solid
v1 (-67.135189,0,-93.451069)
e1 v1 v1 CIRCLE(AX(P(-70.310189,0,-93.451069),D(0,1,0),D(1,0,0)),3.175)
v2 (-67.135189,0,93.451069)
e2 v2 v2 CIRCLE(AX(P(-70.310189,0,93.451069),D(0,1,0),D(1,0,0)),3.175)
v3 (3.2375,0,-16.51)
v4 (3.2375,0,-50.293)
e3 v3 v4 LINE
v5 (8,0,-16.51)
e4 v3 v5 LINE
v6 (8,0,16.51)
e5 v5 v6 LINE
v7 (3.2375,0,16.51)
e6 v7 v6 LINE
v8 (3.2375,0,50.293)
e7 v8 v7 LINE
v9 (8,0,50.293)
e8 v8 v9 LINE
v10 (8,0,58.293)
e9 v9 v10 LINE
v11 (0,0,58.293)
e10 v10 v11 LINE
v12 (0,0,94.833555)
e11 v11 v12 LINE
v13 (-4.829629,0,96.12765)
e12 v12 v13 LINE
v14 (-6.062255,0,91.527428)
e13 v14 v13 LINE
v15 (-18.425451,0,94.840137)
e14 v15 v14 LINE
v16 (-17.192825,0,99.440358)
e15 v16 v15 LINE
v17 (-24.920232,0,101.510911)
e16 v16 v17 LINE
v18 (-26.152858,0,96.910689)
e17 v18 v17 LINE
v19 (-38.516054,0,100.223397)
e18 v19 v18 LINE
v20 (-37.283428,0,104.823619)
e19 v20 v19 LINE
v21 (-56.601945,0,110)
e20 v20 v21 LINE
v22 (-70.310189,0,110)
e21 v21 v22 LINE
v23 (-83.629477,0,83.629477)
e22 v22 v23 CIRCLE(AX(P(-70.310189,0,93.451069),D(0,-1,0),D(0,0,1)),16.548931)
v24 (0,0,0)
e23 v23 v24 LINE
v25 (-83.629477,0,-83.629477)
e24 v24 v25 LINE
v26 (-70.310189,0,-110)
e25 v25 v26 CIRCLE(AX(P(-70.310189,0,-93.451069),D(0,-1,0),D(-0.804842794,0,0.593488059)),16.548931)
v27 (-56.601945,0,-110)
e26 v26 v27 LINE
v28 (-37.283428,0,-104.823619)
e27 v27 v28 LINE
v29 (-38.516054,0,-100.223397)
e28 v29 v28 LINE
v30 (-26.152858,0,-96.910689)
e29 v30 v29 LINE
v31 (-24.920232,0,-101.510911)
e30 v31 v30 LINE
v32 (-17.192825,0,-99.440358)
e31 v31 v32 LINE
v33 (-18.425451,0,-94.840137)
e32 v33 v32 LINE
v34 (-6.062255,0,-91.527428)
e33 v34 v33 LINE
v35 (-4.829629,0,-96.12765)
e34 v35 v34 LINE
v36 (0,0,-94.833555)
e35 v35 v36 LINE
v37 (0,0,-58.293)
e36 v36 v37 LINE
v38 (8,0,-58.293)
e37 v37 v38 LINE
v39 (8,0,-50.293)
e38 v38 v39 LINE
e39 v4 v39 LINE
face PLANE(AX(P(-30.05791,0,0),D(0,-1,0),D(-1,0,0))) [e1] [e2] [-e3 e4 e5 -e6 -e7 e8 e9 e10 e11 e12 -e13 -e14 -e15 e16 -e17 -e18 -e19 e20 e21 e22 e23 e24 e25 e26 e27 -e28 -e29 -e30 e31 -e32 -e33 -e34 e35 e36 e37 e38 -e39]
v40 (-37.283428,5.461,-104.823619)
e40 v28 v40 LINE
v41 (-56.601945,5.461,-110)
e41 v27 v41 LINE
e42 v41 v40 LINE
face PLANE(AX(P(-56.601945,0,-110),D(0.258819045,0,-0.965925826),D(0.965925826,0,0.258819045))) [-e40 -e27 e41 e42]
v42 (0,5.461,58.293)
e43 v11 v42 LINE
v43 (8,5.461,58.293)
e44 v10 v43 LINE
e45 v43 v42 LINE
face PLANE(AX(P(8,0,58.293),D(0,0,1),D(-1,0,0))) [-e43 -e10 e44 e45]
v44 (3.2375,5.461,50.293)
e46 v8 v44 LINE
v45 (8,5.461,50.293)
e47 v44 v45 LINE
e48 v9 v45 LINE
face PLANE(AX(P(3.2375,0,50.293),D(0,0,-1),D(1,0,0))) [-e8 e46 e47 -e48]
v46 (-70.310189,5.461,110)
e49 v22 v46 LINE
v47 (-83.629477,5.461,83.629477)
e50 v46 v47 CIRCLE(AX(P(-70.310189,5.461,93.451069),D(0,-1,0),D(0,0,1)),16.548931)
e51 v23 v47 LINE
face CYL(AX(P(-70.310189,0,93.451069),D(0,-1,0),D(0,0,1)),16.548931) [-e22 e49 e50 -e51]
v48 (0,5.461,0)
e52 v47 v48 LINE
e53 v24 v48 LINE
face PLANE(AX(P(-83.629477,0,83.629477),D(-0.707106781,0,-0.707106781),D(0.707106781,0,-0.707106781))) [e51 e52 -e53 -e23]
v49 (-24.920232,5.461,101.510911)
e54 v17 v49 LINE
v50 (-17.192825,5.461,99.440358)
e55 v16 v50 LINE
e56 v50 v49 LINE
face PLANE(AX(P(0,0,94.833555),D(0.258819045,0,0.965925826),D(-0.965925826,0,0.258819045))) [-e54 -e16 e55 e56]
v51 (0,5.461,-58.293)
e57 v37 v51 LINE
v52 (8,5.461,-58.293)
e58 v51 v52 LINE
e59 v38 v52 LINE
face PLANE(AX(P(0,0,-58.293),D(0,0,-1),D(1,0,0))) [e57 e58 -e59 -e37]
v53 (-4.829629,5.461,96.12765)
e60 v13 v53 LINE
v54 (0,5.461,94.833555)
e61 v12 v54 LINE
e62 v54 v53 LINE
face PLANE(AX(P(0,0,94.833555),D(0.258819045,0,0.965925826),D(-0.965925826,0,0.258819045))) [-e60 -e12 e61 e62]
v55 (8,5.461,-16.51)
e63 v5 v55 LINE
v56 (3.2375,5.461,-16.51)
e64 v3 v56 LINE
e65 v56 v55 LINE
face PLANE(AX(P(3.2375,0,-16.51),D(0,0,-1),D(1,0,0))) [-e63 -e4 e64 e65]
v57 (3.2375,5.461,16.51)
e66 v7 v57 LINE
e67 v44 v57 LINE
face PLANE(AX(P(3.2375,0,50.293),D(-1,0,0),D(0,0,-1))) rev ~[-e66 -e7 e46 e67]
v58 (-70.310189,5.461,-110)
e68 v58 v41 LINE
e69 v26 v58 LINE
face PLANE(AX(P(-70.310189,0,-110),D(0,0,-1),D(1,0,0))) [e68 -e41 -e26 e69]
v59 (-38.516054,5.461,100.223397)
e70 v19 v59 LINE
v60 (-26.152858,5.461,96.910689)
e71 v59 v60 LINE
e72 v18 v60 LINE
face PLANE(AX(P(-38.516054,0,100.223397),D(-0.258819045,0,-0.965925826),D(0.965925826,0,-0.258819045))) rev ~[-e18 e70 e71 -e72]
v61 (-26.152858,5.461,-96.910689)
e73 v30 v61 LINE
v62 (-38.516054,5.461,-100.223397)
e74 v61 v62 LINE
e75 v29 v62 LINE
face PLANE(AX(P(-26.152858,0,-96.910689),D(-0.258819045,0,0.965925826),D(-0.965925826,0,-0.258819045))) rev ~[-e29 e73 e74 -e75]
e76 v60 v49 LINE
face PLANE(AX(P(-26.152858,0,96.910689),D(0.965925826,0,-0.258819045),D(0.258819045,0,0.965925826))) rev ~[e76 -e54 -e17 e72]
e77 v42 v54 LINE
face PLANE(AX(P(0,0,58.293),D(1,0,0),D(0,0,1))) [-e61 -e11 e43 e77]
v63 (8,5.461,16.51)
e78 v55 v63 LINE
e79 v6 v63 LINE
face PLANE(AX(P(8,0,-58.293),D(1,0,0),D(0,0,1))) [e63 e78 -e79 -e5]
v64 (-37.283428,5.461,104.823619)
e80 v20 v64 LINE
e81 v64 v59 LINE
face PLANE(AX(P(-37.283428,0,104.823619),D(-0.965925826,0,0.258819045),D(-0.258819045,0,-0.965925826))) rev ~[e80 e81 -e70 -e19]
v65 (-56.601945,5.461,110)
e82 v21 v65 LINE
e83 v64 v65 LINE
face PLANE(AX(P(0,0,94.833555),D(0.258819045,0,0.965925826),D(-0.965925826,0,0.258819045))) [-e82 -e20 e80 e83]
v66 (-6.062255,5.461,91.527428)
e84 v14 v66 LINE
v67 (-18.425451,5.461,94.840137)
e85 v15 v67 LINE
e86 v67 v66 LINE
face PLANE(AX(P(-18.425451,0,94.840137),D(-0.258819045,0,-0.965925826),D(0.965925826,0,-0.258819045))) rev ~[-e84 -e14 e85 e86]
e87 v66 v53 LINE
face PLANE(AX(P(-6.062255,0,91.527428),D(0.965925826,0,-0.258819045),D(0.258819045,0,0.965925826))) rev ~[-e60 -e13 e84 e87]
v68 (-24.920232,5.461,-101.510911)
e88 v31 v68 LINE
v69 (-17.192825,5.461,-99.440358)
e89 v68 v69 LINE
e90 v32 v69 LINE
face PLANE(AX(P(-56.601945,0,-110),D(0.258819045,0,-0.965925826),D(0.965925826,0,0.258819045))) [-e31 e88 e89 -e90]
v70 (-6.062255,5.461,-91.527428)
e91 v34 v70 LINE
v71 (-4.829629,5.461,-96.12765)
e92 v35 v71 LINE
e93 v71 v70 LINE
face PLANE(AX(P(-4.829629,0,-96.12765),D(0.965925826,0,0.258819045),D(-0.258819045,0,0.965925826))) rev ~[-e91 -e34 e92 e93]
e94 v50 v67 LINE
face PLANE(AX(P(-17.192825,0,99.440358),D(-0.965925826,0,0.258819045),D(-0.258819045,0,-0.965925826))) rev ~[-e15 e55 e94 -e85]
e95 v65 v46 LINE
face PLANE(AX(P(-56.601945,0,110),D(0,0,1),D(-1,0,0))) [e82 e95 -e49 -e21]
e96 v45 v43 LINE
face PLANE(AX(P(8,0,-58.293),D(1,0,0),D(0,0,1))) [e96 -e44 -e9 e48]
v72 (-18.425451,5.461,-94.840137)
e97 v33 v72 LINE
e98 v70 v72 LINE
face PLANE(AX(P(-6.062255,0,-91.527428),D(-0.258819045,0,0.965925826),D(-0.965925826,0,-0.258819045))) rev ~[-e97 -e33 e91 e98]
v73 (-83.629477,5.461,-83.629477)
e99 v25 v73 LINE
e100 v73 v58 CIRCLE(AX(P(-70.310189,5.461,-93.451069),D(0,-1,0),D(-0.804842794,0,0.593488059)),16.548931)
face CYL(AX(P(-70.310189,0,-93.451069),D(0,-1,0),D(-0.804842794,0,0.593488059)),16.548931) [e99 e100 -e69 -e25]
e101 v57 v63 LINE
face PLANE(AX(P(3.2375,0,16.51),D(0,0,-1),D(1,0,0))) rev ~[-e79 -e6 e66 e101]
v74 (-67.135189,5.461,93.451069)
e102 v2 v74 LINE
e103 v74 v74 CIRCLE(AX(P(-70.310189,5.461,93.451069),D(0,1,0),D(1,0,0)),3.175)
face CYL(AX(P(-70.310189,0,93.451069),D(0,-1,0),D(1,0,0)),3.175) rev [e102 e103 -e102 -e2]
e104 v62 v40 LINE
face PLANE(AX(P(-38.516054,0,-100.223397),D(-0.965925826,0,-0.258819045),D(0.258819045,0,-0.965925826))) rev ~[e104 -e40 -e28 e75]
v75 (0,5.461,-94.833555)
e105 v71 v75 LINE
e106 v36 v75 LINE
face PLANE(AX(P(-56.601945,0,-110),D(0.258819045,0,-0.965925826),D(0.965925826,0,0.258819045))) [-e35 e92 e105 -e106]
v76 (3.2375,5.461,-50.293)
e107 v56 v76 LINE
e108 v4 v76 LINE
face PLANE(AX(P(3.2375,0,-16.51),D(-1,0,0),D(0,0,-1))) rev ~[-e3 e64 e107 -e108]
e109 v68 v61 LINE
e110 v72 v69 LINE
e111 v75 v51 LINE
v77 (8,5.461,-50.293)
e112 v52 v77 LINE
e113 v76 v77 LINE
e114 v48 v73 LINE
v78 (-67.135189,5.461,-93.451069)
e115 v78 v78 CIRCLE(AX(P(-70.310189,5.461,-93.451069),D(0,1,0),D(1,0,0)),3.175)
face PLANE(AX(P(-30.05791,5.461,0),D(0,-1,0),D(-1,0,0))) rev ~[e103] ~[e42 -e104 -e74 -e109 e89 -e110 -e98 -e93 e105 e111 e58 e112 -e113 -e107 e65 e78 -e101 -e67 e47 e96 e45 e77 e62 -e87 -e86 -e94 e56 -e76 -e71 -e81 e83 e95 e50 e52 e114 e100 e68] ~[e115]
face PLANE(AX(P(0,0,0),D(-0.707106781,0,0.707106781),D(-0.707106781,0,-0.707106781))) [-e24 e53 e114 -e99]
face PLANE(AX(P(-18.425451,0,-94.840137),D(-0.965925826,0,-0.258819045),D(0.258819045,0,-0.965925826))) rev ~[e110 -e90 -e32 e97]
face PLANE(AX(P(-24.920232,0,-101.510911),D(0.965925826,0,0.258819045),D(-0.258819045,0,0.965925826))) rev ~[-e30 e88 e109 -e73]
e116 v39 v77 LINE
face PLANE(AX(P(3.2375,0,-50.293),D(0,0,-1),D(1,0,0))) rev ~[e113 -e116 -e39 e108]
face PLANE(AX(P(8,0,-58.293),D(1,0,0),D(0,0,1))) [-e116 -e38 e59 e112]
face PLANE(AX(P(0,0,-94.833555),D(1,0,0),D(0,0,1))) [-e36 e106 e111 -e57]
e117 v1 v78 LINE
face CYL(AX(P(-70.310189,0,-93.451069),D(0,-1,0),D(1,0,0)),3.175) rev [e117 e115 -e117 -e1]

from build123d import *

# Parameters (mm, degrees)
SKETCH1_R           = 3.175
BOSS_EXTRUDE1_DEPTH = 5.461
SKETCH3_W           = 4.7625
SKETCH3_H           = 33.783
CUT_EXTRUDE2_DEPTH  = 10


with BuildPart() as part:
    # Sketch1 → Boss-Extrude1 (new body)
    with BuildSketch(Plane(origin=(0, 0, 0), x_dir=(1, 0, 0), z_dir=(0, 1, 0))):
        with BuildLine():
            Line((0, 0), (-83.629476528, 83.629476528))
            ThreePointArc((-83.629476528, 83.629476528), (-85.081850373, 100.91197572), (-70.310188895, 110))
            Line((-70.310188895, 110), (-56.601944845, 110))
            Line((-56.601944845, 110), (0, 94.833554589))
            Line((0, 94.833554589), (0, 58.293))
            Line((0, 58.293), (8, 58.293))
            Line((8, 58.293), (8, -58.293))
            Line((8, -58.293), (0, -58.293))
            Line((0, -58.293), (0, -94.833554589))
            Line((0, -94.833554589), (-56.601944845, -110))
            Line((-56.601944845, -110), (-70.310188895, -110))
            ThreePointArc((-70.310188895, -110), (-85.081850373, -100.91197572), (-83.629476528, -83.629476528))
            Line((-83.629476528, -83.629476528), (0, 0))
        make_face()
        with Locations((-70.310188895, 93.451069294)):
            Circle(SKETCH1_R, mode=Mode.SUBTRACT)
        with Locations((-70.310188895, -93.451069294)):
            Circle(SKETCH1_R, mode=Mode.SUBTRACT)
    extrude(amount=BOSS_EXTRUDE1_DEPTH)

    # Sketch3 → Cut-Extrude2 (cut)
    with BuildSketch(Plane(origin=(0, 0, 0), x_dir=(1, 0, 0), z_dir=(0, 1, 0))):
        Polygon((-37.283428319, 104.823619098), (-24.920232031, 101.510910637), (-26.152857733, 96.910688889), (-38.516054022, 100.22339735), align=None)
        Polygon((-17.19282542, 99.440358276), (-4.829629131, 96.127649814), (-6.062254834, 91.527428067), (-18.425451123, 94.840136528), align=None)
        Polygon((-18.425451123, -94.840136528), (-6.062254834, -91.527428067), (-4.829629131, -96.127649814), (-17.19282542, -99.440358276), align=None)
        Polygon((-38.516054022, -100.22339735), (-26.152857733, -96.910688889), (-24.920232031, -101.510910637), (-37.283428319, -104.823619098), align=None)
        with Locations((5.61875, 33.4015)):
            Rectangle(SKETCH3_W, SKETCH3_H)
        with Locations((5.61875, -33.4015)):
            Rectangle(SKETCH3_W, SKETCH3_H)
    extrude(amount=CUT_EXTRUDE2_DEPTH, mode=Mode.SUBTRACT)


solid = part.part
